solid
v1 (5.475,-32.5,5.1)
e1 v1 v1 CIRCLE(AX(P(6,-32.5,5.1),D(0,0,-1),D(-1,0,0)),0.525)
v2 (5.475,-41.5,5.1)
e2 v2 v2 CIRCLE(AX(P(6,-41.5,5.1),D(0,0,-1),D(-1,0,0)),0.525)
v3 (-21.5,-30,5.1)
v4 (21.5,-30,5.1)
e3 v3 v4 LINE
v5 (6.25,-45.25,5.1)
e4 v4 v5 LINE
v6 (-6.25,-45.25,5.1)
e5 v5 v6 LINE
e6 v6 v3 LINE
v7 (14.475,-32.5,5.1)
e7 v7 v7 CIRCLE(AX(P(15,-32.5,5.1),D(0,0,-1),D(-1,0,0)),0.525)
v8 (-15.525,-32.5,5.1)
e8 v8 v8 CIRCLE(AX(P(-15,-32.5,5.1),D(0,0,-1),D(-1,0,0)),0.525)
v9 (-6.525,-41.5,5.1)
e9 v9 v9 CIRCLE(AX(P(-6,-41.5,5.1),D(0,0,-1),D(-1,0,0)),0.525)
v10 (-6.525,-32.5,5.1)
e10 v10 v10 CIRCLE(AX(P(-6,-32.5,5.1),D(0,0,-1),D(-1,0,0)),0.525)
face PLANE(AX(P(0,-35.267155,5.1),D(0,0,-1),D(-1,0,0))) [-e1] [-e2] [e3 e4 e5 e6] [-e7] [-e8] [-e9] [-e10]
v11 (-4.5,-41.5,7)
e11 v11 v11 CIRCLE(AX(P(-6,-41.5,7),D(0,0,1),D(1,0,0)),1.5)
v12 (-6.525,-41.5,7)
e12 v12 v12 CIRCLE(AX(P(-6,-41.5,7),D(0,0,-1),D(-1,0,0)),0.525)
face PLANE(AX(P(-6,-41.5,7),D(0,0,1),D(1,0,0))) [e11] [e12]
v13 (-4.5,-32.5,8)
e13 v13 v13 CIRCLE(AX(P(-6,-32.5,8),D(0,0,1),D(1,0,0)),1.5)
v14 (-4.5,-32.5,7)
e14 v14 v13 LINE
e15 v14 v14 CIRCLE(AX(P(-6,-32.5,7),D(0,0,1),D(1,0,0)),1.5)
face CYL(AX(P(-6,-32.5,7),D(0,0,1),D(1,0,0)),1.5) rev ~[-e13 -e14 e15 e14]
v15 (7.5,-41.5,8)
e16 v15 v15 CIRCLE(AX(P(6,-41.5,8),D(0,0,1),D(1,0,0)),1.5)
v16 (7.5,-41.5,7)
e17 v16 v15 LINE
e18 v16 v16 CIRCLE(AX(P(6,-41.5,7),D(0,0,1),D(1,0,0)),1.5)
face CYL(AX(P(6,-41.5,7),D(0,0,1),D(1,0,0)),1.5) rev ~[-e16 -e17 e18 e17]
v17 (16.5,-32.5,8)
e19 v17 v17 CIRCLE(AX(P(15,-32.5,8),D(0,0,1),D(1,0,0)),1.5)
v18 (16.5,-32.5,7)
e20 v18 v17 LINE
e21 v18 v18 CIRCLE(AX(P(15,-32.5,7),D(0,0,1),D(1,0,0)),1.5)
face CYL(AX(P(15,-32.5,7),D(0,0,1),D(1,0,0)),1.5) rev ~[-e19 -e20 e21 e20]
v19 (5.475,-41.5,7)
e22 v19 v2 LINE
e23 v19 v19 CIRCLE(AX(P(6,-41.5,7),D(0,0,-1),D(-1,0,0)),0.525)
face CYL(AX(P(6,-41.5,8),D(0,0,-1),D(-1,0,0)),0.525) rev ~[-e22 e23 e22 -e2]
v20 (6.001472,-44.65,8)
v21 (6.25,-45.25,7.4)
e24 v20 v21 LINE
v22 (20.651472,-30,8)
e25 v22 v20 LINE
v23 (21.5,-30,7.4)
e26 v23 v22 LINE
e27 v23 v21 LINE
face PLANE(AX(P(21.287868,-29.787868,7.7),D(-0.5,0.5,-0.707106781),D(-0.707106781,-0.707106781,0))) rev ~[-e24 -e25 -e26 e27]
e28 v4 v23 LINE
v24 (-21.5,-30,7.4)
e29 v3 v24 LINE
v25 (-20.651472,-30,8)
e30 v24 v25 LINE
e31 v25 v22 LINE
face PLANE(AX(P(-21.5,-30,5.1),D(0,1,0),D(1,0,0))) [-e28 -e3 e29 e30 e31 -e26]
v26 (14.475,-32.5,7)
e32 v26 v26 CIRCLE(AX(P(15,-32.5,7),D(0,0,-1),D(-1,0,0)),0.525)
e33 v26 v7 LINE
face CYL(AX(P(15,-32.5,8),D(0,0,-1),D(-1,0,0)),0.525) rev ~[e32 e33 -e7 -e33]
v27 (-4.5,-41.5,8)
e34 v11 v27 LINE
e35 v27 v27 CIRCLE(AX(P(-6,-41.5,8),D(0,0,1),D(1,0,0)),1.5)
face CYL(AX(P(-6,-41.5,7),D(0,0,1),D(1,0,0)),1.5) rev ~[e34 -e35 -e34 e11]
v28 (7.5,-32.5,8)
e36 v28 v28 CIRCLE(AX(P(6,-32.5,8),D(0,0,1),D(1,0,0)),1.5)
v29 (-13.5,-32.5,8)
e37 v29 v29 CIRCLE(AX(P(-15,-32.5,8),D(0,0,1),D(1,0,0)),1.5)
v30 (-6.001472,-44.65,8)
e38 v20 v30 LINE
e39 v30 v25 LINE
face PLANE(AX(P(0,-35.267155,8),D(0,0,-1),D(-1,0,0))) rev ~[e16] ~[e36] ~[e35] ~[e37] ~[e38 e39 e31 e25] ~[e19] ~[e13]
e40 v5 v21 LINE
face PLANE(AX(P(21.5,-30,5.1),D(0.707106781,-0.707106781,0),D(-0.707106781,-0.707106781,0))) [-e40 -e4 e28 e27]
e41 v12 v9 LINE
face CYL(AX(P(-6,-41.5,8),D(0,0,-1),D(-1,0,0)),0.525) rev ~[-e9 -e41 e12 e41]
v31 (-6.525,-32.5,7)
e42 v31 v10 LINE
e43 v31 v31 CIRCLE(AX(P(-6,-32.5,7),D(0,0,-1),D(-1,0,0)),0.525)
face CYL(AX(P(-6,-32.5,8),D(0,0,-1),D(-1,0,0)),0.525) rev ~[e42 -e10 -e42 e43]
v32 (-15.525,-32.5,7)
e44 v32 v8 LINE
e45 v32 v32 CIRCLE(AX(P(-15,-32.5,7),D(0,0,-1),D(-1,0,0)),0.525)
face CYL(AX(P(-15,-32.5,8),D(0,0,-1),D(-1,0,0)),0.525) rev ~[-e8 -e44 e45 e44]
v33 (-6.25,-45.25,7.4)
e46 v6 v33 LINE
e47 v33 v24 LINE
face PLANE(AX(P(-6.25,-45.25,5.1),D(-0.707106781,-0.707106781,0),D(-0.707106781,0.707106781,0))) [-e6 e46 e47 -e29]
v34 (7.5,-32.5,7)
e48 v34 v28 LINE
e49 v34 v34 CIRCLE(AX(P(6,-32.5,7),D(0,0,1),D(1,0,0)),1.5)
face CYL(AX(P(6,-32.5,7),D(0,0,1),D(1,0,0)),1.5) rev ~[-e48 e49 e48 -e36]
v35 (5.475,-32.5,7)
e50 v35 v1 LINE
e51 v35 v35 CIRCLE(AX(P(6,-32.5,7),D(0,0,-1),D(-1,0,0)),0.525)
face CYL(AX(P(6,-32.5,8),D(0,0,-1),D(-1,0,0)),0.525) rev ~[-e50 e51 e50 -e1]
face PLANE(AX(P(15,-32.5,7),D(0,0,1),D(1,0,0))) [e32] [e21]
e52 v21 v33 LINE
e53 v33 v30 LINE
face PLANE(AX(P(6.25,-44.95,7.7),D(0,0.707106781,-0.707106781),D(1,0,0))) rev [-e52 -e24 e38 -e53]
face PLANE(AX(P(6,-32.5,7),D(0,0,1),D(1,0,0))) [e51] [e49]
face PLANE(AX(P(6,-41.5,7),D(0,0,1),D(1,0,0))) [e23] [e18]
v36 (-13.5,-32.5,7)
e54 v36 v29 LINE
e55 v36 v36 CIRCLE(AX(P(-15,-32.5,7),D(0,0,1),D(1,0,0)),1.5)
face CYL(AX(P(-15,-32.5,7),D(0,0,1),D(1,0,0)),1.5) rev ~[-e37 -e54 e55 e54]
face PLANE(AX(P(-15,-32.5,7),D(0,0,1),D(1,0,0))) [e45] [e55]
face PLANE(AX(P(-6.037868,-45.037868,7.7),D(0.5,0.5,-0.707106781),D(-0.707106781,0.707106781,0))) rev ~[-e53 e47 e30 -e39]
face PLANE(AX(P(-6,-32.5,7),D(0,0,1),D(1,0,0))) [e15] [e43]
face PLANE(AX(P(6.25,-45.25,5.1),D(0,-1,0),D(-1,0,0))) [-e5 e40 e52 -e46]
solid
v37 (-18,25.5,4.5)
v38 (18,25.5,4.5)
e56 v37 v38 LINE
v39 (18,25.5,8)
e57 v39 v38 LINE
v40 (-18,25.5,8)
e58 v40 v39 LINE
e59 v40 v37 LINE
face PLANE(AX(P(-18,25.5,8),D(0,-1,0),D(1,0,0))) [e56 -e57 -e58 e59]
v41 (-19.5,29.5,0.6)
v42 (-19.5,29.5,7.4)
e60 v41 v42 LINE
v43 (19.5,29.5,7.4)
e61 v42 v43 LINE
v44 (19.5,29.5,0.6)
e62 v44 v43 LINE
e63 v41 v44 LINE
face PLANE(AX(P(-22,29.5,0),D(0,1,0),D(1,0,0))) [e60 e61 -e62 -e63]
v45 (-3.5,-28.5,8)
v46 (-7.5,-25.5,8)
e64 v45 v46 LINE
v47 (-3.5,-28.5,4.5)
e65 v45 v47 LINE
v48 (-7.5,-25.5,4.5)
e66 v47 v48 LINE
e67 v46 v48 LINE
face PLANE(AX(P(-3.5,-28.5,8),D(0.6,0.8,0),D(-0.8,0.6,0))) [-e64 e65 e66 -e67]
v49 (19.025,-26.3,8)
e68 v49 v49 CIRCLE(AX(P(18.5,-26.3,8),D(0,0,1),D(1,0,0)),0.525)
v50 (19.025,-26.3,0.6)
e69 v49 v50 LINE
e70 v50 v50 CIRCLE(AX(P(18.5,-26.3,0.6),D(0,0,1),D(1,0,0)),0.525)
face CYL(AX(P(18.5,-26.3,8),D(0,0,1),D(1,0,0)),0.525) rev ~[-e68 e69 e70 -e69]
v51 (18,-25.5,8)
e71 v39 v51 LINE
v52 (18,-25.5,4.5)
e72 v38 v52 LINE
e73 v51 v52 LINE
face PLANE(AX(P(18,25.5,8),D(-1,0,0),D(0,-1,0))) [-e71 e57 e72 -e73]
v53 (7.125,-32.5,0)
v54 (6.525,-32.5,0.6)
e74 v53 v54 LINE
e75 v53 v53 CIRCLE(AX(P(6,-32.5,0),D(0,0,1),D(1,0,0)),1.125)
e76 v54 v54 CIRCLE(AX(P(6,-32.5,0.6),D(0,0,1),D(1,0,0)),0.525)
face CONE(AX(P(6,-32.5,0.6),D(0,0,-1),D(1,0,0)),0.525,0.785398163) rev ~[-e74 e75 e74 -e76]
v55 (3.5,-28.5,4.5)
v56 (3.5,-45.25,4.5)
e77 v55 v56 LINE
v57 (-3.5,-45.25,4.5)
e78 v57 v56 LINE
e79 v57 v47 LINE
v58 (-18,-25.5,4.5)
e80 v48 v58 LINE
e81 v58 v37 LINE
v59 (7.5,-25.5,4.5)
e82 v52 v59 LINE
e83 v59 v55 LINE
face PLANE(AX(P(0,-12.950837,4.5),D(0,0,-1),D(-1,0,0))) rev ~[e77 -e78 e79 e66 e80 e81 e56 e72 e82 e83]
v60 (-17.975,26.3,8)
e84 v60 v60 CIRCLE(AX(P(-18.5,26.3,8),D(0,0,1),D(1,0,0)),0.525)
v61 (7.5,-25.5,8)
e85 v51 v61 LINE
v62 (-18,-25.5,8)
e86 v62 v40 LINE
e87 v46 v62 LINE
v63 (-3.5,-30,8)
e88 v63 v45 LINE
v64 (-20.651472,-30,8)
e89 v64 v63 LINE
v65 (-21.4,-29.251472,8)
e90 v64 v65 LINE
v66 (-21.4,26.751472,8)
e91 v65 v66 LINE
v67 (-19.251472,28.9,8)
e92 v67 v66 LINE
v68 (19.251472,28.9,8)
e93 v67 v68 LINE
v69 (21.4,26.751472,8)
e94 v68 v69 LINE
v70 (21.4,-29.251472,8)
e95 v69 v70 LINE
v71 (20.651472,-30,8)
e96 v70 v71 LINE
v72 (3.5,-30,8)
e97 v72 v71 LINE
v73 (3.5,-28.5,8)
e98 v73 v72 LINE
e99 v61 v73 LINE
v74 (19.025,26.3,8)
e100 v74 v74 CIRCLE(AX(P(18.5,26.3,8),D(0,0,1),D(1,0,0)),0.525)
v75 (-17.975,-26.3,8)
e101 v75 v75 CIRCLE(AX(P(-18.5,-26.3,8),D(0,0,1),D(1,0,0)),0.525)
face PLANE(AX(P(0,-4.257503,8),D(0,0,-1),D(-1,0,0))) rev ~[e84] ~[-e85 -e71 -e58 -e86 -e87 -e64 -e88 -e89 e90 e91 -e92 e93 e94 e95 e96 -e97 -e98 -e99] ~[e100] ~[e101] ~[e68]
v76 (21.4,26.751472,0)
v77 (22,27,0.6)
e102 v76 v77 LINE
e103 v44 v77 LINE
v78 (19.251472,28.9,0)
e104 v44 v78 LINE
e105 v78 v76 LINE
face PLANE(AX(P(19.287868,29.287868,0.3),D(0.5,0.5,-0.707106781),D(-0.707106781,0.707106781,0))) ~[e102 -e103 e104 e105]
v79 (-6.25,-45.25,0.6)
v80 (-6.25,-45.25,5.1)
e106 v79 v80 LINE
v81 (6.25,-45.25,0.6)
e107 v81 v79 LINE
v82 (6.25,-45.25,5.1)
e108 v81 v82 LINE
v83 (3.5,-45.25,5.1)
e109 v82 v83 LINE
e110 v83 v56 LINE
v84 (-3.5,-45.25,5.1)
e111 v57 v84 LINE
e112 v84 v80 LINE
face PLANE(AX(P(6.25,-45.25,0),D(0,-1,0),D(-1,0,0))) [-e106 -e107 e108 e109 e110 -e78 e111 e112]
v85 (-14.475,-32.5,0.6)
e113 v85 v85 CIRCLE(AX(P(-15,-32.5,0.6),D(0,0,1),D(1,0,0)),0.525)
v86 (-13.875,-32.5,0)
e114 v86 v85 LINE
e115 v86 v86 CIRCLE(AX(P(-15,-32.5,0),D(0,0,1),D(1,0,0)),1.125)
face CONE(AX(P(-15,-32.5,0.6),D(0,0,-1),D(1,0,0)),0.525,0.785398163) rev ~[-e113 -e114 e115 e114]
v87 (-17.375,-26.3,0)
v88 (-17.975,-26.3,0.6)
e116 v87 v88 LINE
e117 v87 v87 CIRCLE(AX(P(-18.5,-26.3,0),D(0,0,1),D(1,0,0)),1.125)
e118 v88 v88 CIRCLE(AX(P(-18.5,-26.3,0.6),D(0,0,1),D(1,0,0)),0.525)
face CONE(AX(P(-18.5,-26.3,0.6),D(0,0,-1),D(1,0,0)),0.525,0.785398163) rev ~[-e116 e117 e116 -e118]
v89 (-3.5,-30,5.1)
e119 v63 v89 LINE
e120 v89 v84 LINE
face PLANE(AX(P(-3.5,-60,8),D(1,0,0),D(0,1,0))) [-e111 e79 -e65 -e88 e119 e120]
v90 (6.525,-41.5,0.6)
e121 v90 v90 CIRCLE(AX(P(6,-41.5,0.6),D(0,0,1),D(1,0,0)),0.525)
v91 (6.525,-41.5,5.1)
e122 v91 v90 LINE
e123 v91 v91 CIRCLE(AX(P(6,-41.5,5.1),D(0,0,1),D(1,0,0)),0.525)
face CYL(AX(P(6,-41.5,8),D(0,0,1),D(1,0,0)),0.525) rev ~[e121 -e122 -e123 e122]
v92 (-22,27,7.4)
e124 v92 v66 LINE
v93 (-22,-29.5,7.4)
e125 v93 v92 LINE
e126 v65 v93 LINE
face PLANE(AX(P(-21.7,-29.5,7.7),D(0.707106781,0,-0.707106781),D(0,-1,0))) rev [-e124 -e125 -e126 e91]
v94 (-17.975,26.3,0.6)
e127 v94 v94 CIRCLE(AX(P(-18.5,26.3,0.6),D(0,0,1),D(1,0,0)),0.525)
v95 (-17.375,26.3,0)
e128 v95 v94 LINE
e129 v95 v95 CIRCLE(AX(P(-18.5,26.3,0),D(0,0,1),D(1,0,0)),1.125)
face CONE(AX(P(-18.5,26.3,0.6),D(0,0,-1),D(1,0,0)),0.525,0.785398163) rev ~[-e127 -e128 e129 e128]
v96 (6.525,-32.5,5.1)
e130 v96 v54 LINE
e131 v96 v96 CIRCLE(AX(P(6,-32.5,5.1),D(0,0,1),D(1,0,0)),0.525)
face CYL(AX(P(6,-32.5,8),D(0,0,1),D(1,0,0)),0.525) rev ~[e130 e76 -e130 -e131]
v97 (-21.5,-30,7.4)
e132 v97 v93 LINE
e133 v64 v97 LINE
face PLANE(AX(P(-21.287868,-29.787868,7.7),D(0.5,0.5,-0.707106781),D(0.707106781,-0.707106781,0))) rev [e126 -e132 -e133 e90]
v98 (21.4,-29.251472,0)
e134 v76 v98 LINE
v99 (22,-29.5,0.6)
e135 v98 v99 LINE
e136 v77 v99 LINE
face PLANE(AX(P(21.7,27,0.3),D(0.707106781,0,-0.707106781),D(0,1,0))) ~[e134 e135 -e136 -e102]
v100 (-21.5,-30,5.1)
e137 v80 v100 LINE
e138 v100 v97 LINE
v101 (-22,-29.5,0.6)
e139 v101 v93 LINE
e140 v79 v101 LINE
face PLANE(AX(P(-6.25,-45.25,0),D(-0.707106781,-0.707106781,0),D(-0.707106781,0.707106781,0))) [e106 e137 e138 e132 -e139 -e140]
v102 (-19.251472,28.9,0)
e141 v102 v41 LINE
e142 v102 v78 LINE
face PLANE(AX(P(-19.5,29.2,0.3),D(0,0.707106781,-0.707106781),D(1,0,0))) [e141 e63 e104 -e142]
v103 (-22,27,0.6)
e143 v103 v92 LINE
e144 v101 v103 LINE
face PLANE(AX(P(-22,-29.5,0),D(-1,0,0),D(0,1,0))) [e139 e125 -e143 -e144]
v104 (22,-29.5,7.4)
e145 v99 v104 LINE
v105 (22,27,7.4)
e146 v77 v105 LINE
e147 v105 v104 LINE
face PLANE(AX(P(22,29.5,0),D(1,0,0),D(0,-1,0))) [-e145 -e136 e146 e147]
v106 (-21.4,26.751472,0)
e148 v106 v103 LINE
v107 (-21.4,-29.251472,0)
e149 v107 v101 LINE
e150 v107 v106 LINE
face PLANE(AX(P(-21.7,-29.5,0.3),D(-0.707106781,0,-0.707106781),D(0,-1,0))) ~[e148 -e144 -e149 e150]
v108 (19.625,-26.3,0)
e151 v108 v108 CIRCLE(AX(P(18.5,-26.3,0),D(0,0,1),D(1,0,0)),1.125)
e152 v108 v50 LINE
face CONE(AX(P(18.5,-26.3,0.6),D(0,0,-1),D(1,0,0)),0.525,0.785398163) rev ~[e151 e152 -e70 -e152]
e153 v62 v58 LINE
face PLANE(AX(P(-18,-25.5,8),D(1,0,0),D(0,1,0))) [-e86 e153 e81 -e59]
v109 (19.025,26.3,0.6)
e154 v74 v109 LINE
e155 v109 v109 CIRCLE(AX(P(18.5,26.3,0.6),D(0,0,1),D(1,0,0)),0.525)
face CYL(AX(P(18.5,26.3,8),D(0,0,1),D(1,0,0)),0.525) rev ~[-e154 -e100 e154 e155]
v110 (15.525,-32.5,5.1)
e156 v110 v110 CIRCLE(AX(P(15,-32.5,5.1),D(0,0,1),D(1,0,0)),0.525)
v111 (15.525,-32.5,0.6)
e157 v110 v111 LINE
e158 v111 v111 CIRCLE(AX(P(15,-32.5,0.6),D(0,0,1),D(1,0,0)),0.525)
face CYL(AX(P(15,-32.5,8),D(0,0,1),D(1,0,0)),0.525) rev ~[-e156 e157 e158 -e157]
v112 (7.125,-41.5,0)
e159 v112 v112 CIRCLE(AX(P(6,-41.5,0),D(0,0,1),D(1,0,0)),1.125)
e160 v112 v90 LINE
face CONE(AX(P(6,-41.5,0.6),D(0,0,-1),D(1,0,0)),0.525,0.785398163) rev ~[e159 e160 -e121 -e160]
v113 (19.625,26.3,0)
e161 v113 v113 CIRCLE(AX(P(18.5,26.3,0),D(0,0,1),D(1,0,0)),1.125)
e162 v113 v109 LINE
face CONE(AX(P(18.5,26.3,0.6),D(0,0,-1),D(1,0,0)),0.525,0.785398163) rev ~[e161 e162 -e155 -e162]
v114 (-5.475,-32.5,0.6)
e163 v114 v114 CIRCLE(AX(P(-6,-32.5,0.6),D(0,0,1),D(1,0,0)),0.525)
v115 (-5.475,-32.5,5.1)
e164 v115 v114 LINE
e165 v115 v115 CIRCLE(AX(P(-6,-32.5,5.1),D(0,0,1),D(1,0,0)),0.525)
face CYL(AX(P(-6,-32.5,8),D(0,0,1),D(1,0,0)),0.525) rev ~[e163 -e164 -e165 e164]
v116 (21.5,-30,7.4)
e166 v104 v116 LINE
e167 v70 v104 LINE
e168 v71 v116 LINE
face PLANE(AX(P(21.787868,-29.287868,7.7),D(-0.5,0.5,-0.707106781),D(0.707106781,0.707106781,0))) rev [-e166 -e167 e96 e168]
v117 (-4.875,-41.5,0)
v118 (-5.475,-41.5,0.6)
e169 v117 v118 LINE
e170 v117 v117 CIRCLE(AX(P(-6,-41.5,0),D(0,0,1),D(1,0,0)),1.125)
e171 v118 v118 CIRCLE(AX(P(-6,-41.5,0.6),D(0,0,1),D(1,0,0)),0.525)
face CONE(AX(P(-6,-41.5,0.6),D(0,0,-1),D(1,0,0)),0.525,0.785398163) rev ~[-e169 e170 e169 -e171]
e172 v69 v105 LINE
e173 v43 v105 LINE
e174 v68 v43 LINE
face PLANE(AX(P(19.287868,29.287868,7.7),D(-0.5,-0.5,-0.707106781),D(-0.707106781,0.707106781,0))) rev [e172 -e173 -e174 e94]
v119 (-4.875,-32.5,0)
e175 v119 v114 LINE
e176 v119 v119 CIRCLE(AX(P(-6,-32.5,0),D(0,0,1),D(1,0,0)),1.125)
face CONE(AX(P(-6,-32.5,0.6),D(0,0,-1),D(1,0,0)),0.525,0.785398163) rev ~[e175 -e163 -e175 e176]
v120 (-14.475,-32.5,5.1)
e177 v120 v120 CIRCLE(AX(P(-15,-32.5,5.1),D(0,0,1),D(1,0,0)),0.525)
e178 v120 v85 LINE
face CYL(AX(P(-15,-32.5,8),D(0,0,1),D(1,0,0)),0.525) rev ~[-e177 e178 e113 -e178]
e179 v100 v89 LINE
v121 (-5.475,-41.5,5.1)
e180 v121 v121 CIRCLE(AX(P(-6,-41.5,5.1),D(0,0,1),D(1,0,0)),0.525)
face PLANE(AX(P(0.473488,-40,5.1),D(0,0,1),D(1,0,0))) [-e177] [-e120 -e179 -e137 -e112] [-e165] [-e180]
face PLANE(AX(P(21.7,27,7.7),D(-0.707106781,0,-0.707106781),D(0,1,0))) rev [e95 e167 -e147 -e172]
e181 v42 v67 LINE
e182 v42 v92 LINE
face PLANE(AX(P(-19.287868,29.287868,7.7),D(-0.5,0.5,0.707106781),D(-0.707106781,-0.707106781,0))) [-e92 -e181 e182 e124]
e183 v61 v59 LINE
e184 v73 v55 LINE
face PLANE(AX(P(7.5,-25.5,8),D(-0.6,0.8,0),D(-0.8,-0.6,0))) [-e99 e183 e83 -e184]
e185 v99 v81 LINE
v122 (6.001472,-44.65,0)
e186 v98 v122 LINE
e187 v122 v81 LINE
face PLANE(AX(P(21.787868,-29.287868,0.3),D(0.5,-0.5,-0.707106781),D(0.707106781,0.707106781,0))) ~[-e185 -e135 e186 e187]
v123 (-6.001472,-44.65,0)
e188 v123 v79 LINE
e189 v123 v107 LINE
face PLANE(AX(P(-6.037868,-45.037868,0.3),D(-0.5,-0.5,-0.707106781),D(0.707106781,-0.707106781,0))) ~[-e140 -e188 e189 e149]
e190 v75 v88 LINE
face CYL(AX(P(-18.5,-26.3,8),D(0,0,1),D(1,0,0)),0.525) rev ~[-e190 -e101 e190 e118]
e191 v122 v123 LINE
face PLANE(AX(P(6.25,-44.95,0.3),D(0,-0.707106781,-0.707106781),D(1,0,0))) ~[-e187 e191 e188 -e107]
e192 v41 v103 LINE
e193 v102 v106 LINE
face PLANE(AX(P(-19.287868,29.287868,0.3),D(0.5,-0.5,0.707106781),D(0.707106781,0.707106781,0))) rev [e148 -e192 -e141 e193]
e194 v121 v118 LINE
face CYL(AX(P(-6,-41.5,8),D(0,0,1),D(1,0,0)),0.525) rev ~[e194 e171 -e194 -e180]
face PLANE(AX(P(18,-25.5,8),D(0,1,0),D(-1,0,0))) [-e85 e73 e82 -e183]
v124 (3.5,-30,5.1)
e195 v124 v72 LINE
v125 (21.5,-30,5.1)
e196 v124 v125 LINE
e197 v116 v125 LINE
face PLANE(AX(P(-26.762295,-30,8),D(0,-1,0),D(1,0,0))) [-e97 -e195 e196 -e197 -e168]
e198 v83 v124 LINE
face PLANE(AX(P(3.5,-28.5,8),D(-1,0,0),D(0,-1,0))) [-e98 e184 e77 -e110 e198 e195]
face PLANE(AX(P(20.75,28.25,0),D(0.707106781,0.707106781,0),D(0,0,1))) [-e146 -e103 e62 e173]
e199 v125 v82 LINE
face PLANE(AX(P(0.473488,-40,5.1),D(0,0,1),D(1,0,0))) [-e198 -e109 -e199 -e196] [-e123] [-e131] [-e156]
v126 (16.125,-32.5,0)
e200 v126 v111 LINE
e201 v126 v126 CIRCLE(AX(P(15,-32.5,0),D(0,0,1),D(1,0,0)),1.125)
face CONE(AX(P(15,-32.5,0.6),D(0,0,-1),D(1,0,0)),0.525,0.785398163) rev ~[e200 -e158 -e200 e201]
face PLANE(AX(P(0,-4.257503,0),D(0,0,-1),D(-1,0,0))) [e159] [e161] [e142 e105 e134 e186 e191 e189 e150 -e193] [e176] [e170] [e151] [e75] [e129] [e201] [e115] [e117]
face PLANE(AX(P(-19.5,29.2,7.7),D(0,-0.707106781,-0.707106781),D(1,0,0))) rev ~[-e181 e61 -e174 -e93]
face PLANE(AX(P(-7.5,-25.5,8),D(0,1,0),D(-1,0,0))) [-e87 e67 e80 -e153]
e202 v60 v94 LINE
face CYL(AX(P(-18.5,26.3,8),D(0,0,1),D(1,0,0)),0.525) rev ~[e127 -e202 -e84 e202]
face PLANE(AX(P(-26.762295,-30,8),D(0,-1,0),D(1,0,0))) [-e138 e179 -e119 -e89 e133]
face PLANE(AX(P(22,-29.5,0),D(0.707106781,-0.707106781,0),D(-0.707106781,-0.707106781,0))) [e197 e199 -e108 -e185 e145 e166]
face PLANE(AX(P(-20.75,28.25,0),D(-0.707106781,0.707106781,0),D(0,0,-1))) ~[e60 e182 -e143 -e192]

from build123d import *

# Parameters (mm, degrees)
PAD_DEPTH           = 8
POCKET_DEPTH        = 3.5
SKETCH002_W         = 54.471566
SKETCH002_H         = 20
POCKET001_DEPTH     = 2.9
SKETCH005_R         = 0.525
HOLE_DEPTH          = 25
CHAMFER_SIZE        = 2.5
CHAMFER001_SIZE     = 0.6
CHAMFER002_SIZE     = 0.6
PAD001_DEPTH        = 2.9
HOLE001_D           = 1.05
HOLE001_DEPTH       = 25
HOLE001_CBORE_D     = 3
HOLE001_CBORE_DEPTH = 1
CHAMFER003_SIZE     = 0.6


with BuildPart() as body:
    # Sketch → Pad (new body)
    with BuildSketch(Plane.XY):
        Polygon((-22, 29.5), (22, 29.5), (22, -29.5), (6.25, -45.25), (-6.25, -45.25), (-22, -29.5), align=None)
    extrude(amount=PAD_DEPTH)

    # Sketch001 (on Face8 of Pad) → Pocket (cut)
    with BuildSketch(Plane.XY.offset(8)):
        Polygon((-18, 25.5), (18, 25.5), (18, -25.5), (7.5, -25.5), (3.5, -28.5), (3.5, -60), (-3.5, -60), (-3.5, -28.5), (-7.5, -25.5), (-18, -25.5), align=None)
    extrude(amount=-POCKET_DEPTH, mode=Mode.SUBTRACT)

    # Sketch002 (on Face5 of Pocket) → Pocket001 (cut)
    with BuildSketch(Plane.XY.offset(8)):
        with Locations((0.473488, -40)):
            Rectangle(SKETCH002_W, SKETCH002_H)
    extrude(amount=-POCKET001_DEPTH, mode=Mode.SUBTRACT)

    # Sketch005 (on Face5 of Pocket001) → Hole (cut)
    with BuildSketch(Plane.XY.offset(8)):
        with Locations((-18.5, 26.3)):
            Circle(SKETCH005_R)
        with Locations((18.5, 26.3)):
            Circle(SKETCH005_R)
        with Locations((18.5, -26.3)):
            Circle(SKETCH005_R)
        with Locations((-18.5, -26.3)):
            Circle(SKETCH005_R)
        with Locations((-15, -32.5)):
            Circle(SKETCH005_R)
        with Locations((-6, -32.5)):
            Circle(SKETCH005_R)
        with Locations((6, -32.5)):
            Circle(SKETCH005_R)
        with Locations((15, -32.5)):
            Circle(SKETCH005_R)
        with Locations((6, -41.5)):
            Circle(SKETCH005_R)
        with Locations((-6, -41.5)):
            Circle(SKETCH005_R)
    extrude(amount=-HOLE_DEPTH, mode=Mode.SUBTRACT)

    # Chamfer
    chamfer_edges = [body.edges().sort_by_distance(p)[0] for p in [
        (22, 29.5, 4),
        (-22, 29.5, 4),
    ]]
    chamfer(chamfer_edges, length=CHAMFER_SIZE)

    # Chamfer001
    chamfer001_edges = [body.edges().sort_by_distance(p)[0] for p in [
        (-22, -1.25, 0),
        (-20.75, 28.25, 0),
        (-14.125, -37.375, 0),
        (0, 29.5, 0),
        (0, -45.25, 0),
        (20.75, 28.25, 0),
        (14.125, -37.375, 0),
        (22, -1.25, 0),
        (14.475, -32.5, 0),
        (17.975, -26.3, 0),
        (5.475, -41.5, 0),
        (5.475, -32.5, 0),
        (-6.525, -41.5, 0),
        (-6.525, -32.5, 0),
        (-15.525, -32.5, 0),
        (-19.025, -26.3, 0),
        (17.975, 26.3, 0),
        (-19.025, 26.3, 0),
    ]]
    chamfer(chamfer001_edges, length=CHAMFER001_SIZE)

    # Chamfer002
    chamfer002_edges = [body.edges().sort_by_distance(p)[0] for p in [
        (22, -1.25, 8),
        (21.75, -29.75, 8),
        (20.75, 28.25, 8),
        (0, 29.5, 8),
        (-20.75, 28.25, 8),
        (-22, -1.25, 8),
        (-21.75, -29.75, 8),
    ]]
    chamfer(chamfer002_edges, length=CHAMFER002_SIZE)


with BuildPart() as body001:
    # Sketch003 → Pad001 (new body)
    with BuildSketch(Plane.XY.offset(5.1)):
        Polygon((-21.5, -30), (21.5, -30), (6.25, -45.25), (-6.25, -45.25), align=None)
    extrude(amount=PAD001_DEPTH)

    # Hole001
    with Locations(Plane.XY.offset(8)):
        with Locations((-18.5, 26.3), (18.5, 26.3), (18.5, -26.3), (-18.5, -26.3), (-15, -32.5), (-6, -32.5), (6, -32.5), (15, -32.5), (6, -41.5), (-6, -41.5)):
            CounterBoreHole(HOLE001_D / 2, HOLE001_CBORE_D / 2, HOLE001_CBORE_DEPTH, depth=HOLE001_DEPTH)

    # Chamfer003
    chamfer003_edges = [body001.edges().sort_by_distance(p)[0] for p in [
        (-13.875, -37.625, 8),
        (0, -45.25, 8),
        (13.875, -37.625, 8),
    ]]
    chamfer(chamfer003_edges, length=CHAMFER003_SIZE)


solid = Compound([body.part, body001.part])
